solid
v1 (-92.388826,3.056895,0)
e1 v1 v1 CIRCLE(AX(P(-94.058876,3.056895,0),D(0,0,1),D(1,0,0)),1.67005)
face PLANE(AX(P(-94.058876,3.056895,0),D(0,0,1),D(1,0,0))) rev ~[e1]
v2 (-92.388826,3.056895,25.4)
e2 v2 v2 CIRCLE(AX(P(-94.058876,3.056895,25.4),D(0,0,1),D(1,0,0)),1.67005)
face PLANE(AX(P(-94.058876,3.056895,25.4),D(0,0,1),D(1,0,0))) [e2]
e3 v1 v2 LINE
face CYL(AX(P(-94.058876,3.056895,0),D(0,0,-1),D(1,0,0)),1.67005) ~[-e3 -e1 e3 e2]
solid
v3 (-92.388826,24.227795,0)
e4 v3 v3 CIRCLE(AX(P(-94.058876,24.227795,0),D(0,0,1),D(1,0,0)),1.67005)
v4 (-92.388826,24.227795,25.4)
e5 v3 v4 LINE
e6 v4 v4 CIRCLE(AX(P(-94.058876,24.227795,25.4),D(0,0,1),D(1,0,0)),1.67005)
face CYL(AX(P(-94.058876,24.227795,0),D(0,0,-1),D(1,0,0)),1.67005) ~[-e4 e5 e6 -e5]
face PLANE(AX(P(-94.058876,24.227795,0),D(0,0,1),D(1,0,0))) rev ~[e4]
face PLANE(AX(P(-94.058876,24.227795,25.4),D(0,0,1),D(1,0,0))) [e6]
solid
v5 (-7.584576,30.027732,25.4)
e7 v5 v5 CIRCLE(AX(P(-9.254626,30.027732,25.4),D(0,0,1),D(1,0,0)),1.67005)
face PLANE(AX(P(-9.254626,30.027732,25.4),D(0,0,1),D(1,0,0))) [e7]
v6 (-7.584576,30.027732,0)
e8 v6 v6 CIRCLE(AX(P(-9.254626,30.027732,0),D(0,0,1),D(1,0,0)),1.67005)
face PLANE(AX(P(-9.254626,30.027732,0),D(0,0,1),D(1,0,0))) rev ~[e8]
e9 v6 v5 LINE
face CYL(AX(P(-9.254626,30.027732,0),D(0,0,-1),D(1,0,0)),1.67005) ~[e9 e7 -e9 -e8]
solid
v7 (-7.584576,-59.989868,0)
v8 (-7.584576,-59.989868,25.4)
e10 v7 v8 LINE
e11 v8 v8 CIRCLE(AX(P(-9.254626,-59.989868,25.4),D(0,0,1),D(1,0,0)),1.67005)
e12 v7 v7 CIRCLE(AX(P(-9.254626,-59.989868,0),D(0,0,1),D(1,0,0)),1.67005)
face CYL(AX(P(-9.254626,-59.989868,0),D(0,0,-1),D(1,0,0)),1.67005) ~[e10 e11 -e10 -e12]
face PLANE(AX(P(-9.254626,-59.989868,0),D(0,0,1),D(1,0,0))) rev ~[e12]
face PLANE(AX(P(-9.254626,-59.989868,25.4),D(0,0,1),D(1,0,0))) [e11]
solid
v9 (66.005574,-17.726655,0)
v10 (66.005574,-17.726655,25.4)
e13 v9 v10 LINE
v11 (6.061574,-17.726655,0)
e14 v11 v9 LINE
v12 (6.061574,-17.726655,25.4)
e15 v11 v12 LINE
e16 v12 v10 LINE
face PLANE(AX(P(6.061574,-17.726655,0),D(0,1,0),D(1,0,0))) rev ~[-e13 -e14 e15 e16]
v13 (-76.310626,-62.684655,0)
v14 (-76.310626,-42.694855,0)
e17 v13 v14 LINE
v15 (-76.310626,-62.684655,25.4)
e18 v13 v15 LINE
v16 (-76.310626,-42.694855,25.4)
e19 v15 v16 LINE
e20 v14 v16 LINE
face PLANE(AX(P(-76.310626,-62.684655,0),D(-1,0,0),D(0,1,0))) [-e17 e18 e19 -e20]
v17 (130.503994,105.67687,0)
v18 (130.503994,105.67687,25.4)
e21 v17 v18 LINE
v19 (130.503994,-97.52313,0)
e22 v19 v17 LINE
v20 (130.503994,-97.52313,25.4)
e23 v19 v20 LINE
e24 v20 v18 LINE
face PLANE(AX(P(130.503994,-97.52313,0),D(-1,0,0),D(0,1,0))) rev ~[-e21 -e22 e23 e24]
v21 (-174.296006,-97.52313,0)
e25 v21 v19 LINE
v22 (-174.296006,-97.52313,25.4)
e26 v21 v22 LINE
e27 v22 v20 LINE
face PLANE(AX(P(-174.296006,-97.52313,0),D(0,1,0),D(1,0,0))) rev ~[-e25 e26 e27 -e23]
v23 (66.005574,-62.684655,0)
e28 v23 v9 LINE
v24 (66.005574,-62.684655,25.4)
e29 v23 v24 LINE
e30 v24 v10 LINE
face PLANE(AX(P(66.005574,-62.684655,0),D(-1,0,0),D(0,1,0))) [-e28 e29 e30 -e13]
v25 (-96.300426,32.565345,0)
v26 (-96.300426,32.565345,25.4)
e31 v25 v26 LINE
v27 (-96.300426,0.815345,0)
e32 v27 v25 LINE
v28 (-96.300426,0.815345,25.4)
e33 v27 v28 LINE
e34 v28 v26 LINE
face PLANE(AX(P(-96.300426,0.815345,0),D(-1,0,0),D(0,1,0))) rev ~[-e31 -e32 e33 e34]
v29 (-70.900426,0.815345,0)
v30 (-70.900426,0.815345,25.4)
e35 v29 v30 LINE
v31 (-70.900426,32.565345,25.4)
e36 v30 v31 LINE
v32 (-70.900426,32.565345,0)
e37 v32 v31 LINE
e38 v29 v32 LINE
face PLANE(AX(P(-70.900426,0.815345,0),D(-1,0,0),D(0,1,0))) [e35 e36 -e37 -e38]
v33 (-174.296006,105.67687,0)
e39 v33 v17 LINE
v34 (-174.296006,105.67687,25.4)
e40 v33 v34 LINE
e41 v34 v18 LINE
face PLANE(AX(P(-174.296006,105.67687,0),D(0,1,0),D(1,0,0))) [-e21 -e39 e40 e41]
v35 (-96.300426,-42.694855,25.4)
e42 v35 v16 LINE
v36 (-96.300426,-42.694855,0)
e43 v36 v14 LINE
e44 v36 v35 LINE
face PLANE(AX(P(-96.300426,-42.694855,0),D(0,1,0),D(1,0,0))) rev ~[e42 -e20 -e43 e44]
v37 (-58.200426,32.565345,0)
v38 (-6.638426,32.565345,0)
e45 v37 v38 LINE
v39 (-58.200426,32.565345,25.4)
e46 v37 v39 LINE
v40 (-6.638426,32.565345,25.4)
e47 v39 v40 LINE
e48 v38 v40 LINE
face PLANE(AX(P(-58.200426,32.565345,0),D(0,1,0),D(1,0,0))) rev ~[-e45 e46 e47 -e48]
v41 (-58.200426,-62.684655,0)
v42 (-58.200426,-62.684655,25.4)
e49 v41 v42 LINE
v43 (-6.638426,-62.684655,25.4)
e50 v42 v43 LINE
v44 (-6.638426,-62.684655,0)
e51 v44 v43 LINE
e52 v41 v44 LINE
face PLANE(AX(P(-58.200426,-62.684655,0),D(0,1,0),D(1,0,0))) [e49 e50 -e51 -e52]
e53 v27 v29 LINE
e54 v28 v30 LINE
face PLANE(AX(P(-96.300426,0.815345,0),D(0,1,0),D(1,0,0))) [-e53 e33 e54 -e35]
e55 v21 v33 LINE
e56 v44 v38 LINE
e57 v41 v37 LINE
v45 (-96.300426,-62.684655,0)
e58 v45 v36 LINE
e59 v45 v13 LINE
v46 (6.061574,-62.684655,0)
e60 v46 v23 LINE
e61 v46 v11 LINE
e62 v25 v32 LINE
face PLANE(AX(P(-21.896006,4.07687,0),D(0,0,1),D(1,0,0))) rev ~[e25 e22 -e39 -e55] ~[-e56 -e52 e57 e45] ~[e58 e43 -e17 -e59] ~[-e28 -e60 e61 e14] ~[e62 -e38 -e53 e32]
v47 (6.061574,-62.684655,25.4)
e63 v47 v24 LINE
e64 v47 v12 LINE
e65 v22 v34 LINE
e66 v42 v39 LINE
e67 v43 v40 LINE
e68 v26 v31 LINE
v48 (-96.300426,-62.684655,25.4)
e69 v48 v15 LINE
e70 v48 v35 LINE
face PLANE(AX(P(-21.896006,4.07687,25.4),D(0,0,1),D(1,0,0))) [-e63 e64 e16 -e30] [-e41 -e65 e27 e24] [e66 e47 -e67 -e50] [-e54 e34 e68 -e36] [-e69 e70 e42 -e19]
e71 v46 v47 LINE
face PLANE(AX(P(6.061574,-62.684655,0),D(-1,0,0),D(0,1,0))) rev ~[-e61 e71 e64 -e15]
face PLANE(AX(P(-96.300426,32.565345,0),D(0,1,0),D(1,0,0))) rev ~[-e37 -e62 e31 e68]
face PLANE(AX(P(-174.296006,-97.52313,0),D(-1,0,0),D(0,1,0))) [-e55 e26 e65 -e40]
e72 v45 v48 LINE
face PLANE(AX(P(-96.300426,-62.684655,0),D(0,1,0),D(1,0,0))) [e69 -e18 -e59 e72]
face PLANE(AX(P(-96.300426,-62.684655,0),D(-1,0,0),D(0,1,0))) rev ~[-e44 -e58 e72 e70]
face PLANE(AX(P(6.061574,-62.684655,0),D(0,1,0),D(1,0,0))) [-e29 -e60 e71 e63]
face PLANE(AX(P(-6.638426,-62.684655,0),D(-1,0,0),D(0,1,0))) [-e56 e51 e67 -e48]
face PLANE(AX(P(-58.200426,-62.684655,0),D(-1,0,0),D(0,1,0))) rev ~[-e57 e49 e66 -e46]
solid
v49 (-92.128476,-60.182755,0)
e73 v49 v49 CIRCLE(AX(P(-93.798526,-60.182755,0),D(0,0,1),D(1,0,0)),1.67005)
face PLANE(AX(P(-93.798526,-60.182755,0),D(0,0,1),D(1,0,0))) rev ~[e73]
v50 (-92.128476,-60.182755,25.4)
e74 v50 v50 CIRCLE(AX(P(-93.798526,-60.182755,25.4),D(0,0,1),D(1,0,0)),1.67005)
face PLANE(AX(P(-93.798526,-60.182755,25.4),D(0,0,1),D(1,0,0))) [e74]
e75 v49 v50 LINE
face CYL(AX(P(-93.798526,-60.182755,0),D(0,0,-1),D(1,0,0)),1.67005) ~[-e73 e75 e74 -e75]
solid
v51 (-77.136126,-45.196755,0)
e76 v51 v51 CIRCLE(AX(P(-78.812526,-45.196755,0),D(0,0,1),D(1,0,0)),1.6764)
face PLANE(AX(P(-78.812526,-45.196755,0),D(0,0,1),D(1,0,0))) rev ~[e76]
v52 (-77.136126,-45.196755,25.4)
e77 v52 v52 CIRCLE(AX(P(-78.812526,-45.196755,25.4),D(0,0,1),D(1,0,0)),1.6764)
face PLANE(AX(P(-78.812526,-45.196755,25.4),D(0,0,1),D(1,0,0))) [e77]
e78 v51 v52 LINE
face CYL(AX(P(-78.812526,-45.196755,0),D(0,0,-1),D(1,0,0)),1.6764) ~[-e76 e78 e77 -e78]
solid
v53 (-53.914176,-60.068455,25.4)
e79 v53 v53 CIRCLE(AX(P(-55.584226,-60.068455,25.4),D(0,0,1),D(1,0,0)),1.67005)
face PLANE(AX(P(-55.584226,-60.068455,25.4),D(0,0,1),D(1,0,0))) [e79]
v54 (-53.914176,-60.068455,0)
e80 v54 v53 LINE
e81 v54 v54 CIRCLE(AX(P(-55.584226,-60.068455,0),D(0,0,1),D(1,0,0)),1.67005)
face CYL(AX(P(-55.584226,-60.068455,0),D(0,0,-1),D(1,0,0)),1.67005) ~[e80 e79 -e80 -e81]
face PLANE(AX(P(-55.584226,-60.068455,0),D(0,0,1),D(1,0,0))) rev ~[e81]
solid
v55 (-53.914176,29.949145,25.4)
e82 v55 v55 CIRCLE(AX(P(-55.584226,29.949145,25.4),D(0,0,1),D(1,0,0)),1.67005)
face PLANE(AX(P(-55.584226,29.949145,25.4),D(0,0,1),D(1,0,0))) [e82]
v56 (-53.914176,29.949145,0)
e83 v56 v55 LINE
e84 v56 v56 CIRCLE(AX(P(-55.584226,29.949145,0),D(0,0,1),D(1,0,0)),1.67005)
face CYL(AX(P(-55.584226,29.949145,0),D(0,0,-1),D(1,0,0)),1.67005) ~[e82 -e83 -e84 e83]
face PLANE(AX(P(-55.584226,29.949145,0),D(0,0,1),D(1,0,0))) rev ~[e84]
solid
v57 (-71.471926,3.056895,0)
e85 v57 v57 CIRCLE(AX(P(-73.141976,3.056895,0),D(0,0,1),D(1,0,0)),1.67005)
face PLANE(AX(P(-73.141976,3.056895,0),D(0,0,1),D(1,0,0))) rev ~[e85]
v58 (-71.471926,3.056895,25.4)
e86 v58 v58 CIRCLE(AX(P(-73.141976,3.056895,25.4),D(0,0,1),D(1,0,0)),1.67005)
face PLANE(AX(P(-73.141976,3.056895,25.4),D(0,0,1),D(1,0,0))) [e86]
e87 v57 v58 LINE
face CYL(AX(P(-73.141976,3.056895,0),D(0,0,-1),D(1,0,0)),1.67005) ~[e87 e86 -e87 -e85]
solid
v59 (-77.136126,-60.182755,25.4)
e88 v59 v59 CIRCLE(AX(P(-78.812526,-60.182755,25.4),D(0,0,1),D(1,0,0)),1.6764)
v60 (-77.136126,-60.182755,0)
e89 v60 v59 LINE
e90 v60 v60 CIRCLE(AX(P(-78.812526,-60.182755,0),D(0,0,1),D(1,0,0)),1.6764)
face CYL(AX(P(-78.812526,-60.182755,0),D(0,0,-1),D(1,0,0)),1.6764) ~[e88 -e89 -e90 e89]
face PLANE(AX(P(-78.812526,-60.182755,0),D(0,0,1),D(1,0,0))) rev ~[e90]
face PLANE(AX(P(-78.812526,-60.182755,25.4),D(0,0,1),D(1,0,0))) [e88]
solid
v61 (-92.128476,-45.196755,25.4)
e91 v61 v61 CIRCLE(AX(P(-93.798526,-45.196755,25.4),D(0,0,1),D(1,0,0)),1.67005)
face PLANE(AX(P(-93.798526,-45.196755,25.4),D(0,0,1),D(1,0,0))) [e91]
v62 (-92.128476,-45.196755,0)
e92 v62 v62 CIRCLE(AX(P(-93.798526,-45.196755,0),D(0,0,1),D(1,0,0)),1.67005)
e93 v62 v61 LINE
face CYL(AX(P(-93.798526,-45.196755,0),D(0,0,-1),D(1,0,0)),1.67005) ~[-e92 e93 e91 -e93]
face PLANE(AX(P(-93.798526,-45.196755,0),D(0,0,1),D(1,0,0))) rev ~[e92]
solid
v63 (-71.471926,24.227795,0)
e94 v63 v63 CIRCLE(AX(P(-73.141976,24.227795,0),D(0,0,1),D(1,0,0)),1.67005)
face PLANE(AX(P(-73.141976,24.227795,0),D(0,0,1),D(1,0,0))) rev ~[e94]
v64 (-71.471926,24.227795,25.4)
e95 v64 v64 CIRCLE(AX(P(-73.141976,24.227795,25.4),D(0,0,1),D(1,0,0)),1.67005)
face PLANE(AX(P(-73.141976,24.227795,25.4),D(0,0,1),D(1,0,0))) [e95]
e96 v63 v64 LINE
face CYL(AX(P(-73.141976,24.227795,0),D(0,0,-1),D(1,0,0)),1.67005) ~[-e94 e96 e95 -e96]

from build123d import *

# Parameters (mm, degrees)
F0_W     = 304.8
F0_H     = 203.2
F0_W_2   = 19.9898
F0_H_2   = 19.9898
F0_W_3   = 51.562
F0_H_3   = 95.25
F0_W_4   = 59.944
F0_H_4   = 44.958
F0_W_5   = 25.4
F0_H_5   = 31.75
F0_R     = 1.67005
F0_R_2   = 1.6764
F1_DEPTH = 25.4


with BuildPart() as f1:
    # F0 (on Top) → F1 (new body)
    with BuildSketch(Plane.XY):
        with Locations((-21.896006, 4.07687)):
            Rectangle(F0_W, F0_H)
        with Locations((-86.305526, -52.689755)):
            Rectangle(F0_W_2, F0_H_2, mode=Mode.SUBTRACT)
        with Locations((-32.419426, -15.059655)):
            Rectangle(F0_W_3, F0_H_3, mode=Mode.SUBTRACT)
        with Locations((36.033574, -40.205655)):
            Rectangle(F0_W_4, F0_H_4, mode=Mode.SUBTRACT)
        with Locations((-83.600426, 16.690345)):
            Rectangle(F0_W_5, F0_H_5, mode=Mode.SUBTRACT)
        with Locations((-94.058876, 24.227795)):
            Circle(F0_R)
        with Locations((-73.141976, 24.227795)):
            Circle(F0_R)
        with Locations((-73.141976, 3.056895)):
            Circle(F0_R)
        with Locations((-94.058876, 3.056895)):
            Circle(F0_R)
        with Locations((-93.798526, -45.196755)):
            Circle(F0_R)
        with Locations((-78.812526, -45.196755)):
            Circle(F0_R_2)
        with Locations((-78.812526, -60.182755)):
            Circle(F0_R_2)
        with Locations((-93.798526, -60.182755)):
            Circle(F0_R)
        with Locations((-55.584226, -60.068455)):
            Circle(F0_R)
        with Locations((-55.584226, 29.949145)):
            Circle(F0_R)
        with Locations((-9.254626, 30.027732)):
            Circle(F0_R)
        with Locations((-9.254626, -59.989868)):
            Circle(F0_R)
    extrude(amount=F1_DEPTH)


solid = f1.part
